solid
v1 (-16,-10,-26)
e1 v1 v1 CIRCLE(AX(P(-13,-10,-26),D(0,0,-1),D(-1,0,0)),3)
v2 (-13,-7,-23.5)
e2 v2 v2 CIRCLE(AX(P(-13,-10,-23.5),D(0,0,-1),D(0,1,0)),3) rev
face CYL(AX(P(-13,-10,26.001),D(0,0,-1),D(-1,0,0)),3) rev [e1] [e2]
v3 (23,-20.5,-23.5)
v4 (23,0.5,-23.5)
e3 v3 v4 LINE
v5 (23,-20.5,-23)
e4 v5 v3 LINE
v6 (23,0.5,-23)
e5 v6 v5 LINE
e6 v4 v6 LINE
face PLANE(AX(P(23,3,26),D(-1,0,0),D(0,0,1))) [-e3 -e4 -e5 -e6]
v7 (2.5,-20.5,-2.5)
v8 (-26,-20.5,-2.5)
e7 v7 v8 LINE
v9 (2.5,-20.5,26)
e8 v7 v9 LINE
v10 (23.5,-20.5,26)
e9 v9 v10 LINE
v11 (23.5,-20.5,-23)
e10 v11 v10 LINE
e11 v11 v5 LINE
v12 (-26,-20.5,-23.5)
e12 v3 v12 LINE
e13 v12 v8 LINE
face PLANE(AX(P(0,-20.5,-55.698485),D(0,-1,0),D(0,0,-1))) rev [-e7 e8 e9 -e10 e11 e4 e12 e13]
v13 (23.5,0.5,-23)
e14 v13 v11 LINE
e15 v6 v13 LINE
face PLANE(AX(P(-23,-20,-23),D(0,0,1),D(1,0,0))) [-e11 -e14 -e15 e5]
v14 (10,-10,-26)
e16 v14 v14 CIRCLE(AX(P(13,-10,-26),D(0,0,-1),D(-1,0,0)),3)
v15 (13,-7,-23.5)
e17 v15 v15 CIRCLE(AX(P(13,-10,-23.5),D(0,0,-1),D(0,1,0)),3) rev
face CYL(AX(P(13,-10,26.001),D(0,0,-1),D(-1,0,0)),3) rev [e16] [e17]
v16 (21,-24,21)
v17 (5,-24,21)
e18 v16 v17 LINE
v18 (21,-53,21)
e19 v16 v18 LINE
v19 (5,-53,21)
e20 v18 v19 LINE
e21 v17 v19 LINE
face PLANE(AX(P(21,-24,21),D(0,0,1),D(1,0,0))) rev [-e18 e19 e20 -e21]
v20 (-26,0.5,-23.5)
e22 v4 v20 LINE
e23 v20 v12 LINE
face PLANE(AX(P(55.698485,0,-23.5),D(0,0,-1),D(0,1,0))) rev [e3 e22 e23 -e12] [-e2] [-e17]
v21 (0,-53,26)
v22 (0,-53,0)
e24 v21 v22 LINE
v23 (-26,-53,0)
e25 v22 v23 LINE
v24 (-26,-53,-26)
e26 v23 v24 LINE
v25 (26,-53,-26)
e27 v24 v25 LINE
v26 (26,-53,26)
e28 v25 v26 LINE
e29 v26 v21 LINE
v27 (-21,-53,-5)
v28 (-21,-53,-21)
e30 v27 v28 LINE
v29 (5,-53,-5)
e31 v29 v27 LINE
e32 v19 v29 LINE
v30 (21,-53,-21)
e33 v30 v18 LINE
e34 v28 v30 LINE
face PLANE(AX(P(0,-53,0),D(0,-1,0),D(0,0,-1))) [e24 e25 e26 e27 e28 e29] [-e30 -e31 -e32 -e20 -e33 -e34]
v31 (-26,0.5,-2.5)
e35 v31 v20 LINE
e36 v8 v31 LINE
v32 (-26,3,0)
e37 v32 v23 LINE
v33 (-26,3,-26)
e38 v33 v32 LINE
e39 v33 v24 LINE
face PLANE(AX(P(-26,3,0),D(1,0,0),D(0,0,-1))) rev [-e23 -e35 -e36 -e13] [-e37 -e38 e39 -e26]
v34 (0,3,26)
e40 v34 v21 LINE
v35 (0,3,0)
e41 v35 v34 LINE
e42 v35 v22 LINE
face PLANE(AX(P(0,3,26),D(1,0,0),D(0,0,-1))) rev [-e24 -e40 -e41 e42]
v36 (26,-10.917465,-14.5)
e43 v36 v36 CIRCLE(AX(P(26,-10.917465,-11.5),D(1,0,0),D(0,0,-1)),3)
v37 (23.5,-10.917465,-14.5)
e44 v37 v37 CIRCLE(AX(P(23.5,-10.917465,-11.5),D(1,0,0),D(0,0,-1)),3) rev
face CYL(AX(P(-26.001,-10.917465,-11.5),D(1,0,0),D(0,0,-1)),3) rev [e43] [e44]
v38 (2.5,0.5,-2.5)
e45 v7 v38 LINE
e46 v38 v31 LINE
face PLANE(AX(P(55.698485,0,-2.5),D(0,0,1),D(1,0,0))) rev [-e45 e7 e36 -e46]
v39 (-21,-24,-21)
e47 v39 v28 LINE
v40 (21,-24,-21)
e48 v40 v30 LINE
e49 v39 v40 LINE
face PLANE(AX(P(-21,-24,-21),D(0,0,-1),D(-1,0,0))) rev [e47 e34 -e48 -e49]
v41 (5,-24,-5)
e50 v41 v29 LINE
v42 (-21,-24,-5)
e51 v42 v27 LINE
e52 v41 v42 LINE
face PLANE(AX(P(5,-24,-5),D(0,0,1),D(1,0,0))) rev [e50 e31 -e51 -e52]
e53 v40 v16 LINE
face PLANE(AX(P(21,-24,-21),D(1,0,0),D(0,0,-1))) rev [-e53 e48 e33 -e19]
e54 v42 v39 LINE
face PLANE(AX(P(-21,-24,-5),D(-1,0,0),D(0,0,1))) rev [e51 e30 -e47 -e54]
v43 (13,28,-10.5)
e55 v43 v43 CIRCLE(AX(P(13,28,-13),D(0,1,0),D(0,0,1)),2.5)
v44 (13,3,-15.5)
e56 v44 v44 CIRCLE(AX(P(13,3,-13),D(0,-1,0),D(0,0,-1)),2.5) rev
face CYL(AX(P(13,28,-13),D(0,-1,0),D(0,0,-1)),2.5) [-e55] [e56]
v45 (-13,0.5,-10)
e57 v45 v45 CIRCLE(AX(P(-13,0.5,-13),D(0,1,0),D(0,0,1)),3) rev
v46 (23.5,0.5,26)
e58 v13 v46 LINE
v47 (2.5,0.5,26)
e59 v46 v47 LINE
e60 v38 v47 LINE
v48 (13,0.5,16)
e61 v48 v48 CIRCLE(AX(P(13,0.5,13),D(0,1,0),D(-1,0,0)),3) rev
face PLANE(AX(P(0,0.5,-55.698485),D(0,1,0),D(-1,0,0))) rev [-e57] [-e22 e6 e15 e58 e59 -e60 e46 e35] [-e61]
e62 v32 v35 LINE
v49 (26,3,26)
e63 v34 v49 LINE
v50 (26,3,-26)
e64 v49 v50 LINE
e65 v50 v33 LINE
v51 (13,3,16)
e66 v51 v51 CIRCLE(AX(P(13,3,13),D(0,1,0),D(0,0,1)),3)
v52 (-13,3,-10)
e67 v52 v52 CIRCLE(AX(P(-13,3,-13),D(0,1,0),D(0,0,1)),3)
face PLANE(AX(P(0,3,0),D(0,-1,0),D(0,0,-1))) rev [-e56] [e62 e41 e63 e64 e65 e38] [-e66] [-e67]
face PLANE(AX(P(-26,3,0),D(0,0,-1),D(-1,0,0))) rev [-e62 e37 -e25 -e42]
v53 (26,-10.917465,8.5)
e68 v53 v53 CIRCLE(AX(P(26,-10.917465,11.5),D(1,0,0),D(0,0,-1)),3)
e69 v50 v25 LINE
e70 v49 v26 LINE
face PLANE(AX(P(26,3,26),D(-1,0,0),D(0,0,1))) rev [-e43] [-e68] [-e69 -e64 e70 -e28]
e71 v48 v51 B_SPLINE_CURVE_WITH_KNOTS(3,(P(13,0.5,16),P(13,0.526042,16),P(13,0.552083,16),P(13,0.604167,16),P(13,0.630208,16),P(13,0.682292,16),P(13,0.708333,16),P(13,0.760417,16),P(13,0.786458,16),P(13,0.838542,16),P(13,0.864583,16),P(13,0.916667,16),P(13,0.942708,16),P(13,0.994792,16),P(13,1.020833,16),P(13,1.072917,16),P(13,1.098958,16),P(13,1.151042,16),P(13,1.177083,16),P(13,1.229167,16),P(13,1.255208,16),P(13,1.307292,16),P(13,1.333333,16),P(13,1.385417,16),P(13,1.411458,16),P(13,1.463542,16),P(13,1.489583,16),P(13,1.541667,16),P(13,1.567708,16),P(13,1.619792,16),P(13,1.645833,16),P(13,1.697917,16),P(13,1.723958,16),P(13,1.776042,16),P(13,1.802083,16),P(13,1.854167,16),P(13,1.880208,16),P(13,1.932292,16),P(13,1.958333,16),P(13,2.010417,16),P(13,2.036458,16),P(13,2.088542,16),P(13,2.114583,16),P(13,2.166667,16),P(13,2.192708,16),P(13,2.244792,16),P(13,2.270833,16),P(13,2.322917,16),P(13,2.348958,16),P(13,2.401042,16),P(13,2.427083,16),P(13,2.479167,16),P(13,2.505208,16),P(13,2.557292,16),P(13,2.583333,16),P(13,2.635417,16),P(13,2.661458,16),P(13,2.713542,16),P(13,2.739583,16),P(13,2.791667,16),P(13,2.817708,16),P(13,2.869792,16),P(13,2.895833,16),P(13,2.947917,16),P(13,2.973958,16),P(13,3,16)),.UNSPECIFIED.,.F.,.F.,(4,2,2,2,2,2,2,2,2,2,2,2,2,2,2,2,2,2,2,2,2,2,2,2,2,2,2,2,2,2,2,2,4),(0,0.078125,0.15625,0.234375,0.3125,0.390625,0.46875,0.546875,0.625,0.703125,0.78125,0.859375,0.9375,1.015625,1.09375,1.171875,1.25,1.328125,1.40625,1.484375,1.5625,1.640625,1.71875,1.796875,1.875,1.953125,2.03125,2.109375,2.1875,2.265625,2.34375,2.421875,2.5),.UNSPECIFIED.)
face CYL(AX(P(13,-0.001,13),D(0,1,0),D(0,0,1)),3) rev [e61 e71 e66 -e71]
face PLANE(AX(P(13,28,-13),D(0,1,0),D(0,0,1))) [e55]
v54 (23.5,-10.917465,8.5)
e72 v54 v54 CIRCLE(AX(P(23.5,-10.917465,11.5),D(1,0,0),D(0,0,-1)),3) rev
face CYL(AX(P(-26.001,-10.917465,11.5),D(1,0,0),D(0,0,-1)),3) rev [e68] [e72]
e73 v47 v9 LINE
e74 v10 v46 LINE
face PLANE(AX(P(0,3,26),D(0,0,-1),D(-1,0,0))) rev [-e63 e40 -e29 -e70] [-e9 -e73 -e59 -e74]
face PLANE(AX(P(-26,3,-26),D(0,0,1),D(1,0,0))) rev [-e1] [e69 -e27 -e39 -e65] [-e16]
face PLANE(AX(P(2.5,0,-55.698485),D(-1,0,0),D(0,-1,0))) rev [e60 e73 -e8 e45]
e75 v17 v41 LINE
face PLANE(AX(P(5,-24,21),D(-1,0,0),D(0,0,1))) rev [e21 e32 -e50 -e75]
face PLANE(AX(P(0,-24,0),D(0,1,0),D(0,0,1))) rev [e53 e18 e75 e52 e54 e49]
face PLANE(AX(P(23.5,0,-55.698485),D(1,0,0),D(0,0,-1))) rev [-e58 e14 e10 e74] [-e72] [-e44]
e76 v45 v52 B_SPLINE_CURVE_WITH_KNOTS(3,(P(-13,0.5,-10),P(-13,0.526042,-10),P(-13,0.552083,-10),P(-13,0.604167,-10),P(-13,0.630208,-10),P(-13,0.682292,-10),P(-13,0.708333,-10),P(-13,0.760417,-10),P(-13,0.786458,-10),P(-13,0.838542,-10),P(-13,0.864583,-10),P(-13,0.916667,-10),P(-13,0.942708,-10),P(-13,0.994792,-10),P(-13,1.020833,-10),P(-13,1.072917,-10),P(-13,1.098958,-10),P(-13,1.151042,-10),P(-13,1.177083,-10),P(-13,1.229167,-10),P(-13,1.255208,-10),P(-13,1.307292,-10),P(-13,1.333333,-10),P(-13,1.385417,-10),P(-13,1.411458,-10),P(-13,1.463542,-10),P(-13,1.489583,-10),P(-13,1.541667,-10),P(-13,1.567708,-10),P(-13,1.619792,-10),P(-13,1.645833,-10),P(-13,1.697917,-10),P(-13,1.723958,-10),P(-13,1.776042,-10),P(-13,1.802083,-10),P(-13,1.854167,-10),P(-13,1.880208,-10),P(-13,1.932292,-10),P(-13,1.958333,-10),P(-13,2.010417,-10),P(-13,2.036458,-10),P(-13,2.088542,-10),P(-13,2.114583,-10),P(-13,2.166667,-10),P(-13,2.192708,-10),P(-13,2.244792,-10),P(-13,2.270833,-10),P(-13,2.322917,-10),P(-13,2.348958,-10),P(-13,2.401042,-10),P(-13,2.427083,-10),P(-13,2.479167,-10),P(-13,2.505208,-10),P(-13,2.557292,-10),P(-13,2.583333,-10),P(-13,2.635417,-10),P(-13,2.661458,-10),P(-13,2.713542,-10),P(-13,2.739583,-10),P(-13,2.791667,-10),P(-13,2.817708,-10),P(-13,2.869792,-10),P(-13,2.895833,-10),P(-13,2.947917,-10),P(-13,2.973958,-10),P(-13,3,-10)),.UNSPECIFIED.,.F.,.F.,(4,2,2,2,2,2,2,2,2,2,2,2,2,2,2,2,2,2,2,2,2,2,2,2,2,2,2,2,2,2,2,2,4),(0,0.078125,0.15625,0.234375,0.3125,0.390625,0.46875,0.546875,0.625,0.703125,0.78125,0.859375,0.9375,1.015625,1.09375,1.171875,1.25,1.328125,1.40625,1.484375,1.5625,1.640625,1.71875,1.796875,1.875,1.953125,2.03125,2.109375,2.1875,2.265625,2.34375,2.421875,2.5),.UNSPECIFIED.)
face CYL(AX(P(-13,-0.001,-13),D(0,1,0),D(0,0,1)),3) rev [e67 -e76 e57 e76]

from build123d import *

# Parameters (mm, degrees)
BOSS_EXTRUDE1_DEPTH = 3
SKETCH2_R           = 2.5
BOSS_EXTRUDE2_DEPTH = 25
CUT_EXTRUDE1_REACH  = 46.463
SKETCH5_R           = 3
BOSS_EXTRUDE3_DEPTH = 20
BOSS_EXTRUDE4_DEPTH = 3
SKETCH9_W           = 21
SKETCH9_H           = 21
CUT_EXTRUDE3_DEPTH  = 49
SKETCH10_W          = 21
SKETCH10_H          = 21
CUT_EXTRUDE4_DEPTH  = 49
BOSS_EXTRUDE5_DEPTH = 30
CUT_EXTRUDE5_REACH  = 80.67
SKETCH12_R          = 3
CUT_EXTRUDE6_REACH  = 80.67
SKETCH13_R          = 3
SKETCH14_OUTSIDE_W  = 75.88
SKETCH14_OUTSIDE_H  = 75.88
CUT_EXTRUDE8_DEPTH  = 29


with BuildPart() as part:
    # Sketch1 → Boss-Extrude1 (new body)
    with BuildSketch(Plane(origin=(0, 0, 0), x_dir=(1, 0, 0), z_dir=(0, 1, 0))):
        Polygon((0, -26), (26, -26), (26, 26), (-26, 26), (-26, 0), (0, 0), align=None)
    extrude(amount=BOSS_EXTRUDE1_DEPTH)

    # Sketch2 → Boss-Extrude2 (add)
    with BuildSketch(Plane(origin=(0, 3, 0), x_dir=(1, 0, 0), z_dir=(0, 1, 0))):
        with Locations(Location((13, 13, 0), (0, 0, 90))):
            Circle(SKETCH2_R)
    extrude(amount=BOSS_EXTRUDE2_DEPTH)

    # Sketch5 → Cut-Extrude1 (cut, up to next)
    with BuildSketch(Plane(origin=(0, 3, 0), x_dir=(1, 0, 0), z_dir=(0, 1, 0)), mode=Mode.PRIVATE) as cut_extrude1_sk1:
        with Locations(Location((-13, 13, 0), (0, 0, 270))):
            Circle(SKETCH5_R)
    cut_extrude1_tool1 = extrude(cut_extrude1_sk1.sketch, amount=-CUT_EXTRUDE1_REACH, mode=Mode.PRIVATE) & part.part
    # Sketch5 → Cut-Extrude1 (cut, up to next)
    with BuildSketch(Plane(origin=(0, 3, 0), x_dir=(1, 0, 0), z_dir=(0, 1, 0)), mode=Mode.PRIVATE) as cut_extrude1_sk2:
        with Locations(Location((13, -13, 0), (0, 0, 270))):
            Circle(SKETCH5_R)
    cut_extrude1_tool2 = extrude(cut_extrude1_sk2.sketch, amount=-CUT_EXTRUDE1_REACH, mode=Mode.PRIVATE) & part.part
    add(cut_extrude1_tool1.solids().sort_by_distance((-13, 3, -13))[0], mode=Mode.SUBTRACT)
    add(cut_extrude1_tool2.solids().sort_by_distance((13, 3, 13))[0], mode=Mode.SUBTRACT)

    # Sketch7 → Boss-Extrude3 (add)
    with BuildSketch(Plane.XZ):
        Polygon((26, -26), (26, 26), (0, 26), (0, 0), (-26, 0), (-26, -26), align=None)
        Polygon((23, -23), (23, 23), (3, 23), (3, -3), (-23, -3), (-23, -23), align=None, mode=Mode.SUBTRACT)
    extrude(amount=BOSS_EXTRUDE3_DEPTH)

    # Sketch8 → Boss-Extrude4 (add)
    with BuildSketch(Plane.XZ.offset(20)):
        Polygon((-26, -26), (26, -26), (26, 26), (0, 26), (0, 0), (-26, 0), align=None)
    extrude(amount=BOSS_EXTRUDE4_DEPTH)

    # Sketch9 → Cut-Extrude3 (cut)
    with BuildSketch(Plane.XY.offset(26)):
        with Locations((13, -10)):
            Rectangle(SKETCH9_W, SKETCH9_H)
    extrude(amount=-CUT_EXTRUDE3_DEPTH, mode=Mode.SUBTRACT)

    # Sketch10 → Cut-Extrude4 (cut)
    with BuildSketch(Plane.ZY.offset(26)):
        with Locations((-13, -10)):
            Rectangle(SKETCH10_W, SKETCH10_H)
    extrude(amount=-CUT_EXTRUDE4_DEPTH, mode=Mode.SUBTRACT)

    # Sketch11 → Boss-Extrude5 (add)
    with BuildSketch(Plane.XZ.offset(23)):
        Polygon((-26, 0), (-26, -26), (26, -26), (26, 26), (0, 26), (0, 0), align=None)
    extrude(amount=BOSS_EXTRUDE5_DEPTH)

    # Sketch12 → Cut-Extrude5 (cut, up to next)
    with BuildSketch(Plane(origin=(0, 0, -26), x_dir=(-1, 0, 0), z_dir=(0, 0, -1)), mode=Mode.PRIVATE) as cut_extrude5_sk1:
        with Locations((-13, -10)):
            Circle(SKETCH12_R)
    cut_extrude5_tool1 = extrude(cut_extrude5_sk1.sketch, amount=-CUT_EXTRUDE5_REACH, mode=Mode.PRIVATE) & part.part
    # Sketch12 → Cut-Extrude5 (cut, up to next)
    with BuildSketch(Plane(origin=(0, 0, -26), x_dir=(-1, 0, 0), z_dir=(0, 0, -1)), mode=Mode.PRIVATE) as cut_extrude5_sk2:
        with Locations((13, -10)):
            Circle(SKETCH12_R)
    cut_extrude5_tool2 = extrude(cut_extrude5_sk2.sketch, amount=-CUT_EXTRUDE5_REACH, mode=Mode.PRIVATE) & part.part
    add(cut_extrude5_tool1.solids().sort_by_distance((13, -10, -26))[0], mode=Mode.SUBTRACT)
    add(cut_extrude5_tool2.solids().sort_by_distance((-13, -10, -26))[0], mode=Mode.SUBTRACT)

    # Sketch13 → Cut-Extrude6 (cut, up to next)
    with BuildSketch(Plane(origin=(26, 0, 0), x_dir=(0, 0, -1), z_dir=(1, 0, 0)), mode=Mode.PRIVATE) as cut_extrude6_sk1:
        with Locations((-11.5, -10.917464776)):
            Circle(SKETCH13_R)
    cut_extrude6_tool1 = extrude(cut_extrude6_sk1.sketch, amount=-CUT_EXTRUDE6_REACH, mode=Mode.PRIVATE) & part.part
    # Sketch13 → Cut-Extrude6 (cut, up to next)
    with BuildSketch(Plane(origin=(26, 0, 0), x_dir=(0, 0, -1), z_dir=(1, 0, 0)), mode=Mode.PRIVATE) as cut_extrude6_sk2:
        with Locations((11.5, -10.917464776)):
            Circle(SKETCH13_R)
    cut_extrude6_tool2 = extrude(cut_extrude6_sk2.sketch, amount=-CUT_EXTRUDE6_REACH, mode=Mode.PRIVATE) & part.part
    add(cut_extrude6_tool1.solids().sort_by_distance((26, -10.917465, 11.5))[0], mode=Mode.SUBTRACT)
    add(cut_extrude6_tool2.solids().sort_by_distance((26, -10.917465, -11.5))[0], mode=Mode.SUBTRACT)

    # Sketch14 outside → Cut-Extrude8 (cut)
    # profile 1 of 2: a face of its own
    with BuildSketch(Plane.XZ.offset(53)):
        Rectangle(SKETCH14_OUTSIDE_W, SKETCH14_OUTSIDE_H)
        Polygon((0, 0), (-26, 0), (-26, -26), (26, -26), (26, 26), (0, 26), align=None, mode=Mode.SUBTRACT)
    # profile 2 of 2: a face of its own
    with BuildSketch(Plane.XZ.offset(53)):
        Polygon((5, -5), (-21, -5), (-21, -21), (21, -21), (21, 21), (5, 21), align=None)
    extrude(amount=-CUT_EXTRUDE8_DEPTH, mode=Mode.SUBTRACT)


solid = part.part
